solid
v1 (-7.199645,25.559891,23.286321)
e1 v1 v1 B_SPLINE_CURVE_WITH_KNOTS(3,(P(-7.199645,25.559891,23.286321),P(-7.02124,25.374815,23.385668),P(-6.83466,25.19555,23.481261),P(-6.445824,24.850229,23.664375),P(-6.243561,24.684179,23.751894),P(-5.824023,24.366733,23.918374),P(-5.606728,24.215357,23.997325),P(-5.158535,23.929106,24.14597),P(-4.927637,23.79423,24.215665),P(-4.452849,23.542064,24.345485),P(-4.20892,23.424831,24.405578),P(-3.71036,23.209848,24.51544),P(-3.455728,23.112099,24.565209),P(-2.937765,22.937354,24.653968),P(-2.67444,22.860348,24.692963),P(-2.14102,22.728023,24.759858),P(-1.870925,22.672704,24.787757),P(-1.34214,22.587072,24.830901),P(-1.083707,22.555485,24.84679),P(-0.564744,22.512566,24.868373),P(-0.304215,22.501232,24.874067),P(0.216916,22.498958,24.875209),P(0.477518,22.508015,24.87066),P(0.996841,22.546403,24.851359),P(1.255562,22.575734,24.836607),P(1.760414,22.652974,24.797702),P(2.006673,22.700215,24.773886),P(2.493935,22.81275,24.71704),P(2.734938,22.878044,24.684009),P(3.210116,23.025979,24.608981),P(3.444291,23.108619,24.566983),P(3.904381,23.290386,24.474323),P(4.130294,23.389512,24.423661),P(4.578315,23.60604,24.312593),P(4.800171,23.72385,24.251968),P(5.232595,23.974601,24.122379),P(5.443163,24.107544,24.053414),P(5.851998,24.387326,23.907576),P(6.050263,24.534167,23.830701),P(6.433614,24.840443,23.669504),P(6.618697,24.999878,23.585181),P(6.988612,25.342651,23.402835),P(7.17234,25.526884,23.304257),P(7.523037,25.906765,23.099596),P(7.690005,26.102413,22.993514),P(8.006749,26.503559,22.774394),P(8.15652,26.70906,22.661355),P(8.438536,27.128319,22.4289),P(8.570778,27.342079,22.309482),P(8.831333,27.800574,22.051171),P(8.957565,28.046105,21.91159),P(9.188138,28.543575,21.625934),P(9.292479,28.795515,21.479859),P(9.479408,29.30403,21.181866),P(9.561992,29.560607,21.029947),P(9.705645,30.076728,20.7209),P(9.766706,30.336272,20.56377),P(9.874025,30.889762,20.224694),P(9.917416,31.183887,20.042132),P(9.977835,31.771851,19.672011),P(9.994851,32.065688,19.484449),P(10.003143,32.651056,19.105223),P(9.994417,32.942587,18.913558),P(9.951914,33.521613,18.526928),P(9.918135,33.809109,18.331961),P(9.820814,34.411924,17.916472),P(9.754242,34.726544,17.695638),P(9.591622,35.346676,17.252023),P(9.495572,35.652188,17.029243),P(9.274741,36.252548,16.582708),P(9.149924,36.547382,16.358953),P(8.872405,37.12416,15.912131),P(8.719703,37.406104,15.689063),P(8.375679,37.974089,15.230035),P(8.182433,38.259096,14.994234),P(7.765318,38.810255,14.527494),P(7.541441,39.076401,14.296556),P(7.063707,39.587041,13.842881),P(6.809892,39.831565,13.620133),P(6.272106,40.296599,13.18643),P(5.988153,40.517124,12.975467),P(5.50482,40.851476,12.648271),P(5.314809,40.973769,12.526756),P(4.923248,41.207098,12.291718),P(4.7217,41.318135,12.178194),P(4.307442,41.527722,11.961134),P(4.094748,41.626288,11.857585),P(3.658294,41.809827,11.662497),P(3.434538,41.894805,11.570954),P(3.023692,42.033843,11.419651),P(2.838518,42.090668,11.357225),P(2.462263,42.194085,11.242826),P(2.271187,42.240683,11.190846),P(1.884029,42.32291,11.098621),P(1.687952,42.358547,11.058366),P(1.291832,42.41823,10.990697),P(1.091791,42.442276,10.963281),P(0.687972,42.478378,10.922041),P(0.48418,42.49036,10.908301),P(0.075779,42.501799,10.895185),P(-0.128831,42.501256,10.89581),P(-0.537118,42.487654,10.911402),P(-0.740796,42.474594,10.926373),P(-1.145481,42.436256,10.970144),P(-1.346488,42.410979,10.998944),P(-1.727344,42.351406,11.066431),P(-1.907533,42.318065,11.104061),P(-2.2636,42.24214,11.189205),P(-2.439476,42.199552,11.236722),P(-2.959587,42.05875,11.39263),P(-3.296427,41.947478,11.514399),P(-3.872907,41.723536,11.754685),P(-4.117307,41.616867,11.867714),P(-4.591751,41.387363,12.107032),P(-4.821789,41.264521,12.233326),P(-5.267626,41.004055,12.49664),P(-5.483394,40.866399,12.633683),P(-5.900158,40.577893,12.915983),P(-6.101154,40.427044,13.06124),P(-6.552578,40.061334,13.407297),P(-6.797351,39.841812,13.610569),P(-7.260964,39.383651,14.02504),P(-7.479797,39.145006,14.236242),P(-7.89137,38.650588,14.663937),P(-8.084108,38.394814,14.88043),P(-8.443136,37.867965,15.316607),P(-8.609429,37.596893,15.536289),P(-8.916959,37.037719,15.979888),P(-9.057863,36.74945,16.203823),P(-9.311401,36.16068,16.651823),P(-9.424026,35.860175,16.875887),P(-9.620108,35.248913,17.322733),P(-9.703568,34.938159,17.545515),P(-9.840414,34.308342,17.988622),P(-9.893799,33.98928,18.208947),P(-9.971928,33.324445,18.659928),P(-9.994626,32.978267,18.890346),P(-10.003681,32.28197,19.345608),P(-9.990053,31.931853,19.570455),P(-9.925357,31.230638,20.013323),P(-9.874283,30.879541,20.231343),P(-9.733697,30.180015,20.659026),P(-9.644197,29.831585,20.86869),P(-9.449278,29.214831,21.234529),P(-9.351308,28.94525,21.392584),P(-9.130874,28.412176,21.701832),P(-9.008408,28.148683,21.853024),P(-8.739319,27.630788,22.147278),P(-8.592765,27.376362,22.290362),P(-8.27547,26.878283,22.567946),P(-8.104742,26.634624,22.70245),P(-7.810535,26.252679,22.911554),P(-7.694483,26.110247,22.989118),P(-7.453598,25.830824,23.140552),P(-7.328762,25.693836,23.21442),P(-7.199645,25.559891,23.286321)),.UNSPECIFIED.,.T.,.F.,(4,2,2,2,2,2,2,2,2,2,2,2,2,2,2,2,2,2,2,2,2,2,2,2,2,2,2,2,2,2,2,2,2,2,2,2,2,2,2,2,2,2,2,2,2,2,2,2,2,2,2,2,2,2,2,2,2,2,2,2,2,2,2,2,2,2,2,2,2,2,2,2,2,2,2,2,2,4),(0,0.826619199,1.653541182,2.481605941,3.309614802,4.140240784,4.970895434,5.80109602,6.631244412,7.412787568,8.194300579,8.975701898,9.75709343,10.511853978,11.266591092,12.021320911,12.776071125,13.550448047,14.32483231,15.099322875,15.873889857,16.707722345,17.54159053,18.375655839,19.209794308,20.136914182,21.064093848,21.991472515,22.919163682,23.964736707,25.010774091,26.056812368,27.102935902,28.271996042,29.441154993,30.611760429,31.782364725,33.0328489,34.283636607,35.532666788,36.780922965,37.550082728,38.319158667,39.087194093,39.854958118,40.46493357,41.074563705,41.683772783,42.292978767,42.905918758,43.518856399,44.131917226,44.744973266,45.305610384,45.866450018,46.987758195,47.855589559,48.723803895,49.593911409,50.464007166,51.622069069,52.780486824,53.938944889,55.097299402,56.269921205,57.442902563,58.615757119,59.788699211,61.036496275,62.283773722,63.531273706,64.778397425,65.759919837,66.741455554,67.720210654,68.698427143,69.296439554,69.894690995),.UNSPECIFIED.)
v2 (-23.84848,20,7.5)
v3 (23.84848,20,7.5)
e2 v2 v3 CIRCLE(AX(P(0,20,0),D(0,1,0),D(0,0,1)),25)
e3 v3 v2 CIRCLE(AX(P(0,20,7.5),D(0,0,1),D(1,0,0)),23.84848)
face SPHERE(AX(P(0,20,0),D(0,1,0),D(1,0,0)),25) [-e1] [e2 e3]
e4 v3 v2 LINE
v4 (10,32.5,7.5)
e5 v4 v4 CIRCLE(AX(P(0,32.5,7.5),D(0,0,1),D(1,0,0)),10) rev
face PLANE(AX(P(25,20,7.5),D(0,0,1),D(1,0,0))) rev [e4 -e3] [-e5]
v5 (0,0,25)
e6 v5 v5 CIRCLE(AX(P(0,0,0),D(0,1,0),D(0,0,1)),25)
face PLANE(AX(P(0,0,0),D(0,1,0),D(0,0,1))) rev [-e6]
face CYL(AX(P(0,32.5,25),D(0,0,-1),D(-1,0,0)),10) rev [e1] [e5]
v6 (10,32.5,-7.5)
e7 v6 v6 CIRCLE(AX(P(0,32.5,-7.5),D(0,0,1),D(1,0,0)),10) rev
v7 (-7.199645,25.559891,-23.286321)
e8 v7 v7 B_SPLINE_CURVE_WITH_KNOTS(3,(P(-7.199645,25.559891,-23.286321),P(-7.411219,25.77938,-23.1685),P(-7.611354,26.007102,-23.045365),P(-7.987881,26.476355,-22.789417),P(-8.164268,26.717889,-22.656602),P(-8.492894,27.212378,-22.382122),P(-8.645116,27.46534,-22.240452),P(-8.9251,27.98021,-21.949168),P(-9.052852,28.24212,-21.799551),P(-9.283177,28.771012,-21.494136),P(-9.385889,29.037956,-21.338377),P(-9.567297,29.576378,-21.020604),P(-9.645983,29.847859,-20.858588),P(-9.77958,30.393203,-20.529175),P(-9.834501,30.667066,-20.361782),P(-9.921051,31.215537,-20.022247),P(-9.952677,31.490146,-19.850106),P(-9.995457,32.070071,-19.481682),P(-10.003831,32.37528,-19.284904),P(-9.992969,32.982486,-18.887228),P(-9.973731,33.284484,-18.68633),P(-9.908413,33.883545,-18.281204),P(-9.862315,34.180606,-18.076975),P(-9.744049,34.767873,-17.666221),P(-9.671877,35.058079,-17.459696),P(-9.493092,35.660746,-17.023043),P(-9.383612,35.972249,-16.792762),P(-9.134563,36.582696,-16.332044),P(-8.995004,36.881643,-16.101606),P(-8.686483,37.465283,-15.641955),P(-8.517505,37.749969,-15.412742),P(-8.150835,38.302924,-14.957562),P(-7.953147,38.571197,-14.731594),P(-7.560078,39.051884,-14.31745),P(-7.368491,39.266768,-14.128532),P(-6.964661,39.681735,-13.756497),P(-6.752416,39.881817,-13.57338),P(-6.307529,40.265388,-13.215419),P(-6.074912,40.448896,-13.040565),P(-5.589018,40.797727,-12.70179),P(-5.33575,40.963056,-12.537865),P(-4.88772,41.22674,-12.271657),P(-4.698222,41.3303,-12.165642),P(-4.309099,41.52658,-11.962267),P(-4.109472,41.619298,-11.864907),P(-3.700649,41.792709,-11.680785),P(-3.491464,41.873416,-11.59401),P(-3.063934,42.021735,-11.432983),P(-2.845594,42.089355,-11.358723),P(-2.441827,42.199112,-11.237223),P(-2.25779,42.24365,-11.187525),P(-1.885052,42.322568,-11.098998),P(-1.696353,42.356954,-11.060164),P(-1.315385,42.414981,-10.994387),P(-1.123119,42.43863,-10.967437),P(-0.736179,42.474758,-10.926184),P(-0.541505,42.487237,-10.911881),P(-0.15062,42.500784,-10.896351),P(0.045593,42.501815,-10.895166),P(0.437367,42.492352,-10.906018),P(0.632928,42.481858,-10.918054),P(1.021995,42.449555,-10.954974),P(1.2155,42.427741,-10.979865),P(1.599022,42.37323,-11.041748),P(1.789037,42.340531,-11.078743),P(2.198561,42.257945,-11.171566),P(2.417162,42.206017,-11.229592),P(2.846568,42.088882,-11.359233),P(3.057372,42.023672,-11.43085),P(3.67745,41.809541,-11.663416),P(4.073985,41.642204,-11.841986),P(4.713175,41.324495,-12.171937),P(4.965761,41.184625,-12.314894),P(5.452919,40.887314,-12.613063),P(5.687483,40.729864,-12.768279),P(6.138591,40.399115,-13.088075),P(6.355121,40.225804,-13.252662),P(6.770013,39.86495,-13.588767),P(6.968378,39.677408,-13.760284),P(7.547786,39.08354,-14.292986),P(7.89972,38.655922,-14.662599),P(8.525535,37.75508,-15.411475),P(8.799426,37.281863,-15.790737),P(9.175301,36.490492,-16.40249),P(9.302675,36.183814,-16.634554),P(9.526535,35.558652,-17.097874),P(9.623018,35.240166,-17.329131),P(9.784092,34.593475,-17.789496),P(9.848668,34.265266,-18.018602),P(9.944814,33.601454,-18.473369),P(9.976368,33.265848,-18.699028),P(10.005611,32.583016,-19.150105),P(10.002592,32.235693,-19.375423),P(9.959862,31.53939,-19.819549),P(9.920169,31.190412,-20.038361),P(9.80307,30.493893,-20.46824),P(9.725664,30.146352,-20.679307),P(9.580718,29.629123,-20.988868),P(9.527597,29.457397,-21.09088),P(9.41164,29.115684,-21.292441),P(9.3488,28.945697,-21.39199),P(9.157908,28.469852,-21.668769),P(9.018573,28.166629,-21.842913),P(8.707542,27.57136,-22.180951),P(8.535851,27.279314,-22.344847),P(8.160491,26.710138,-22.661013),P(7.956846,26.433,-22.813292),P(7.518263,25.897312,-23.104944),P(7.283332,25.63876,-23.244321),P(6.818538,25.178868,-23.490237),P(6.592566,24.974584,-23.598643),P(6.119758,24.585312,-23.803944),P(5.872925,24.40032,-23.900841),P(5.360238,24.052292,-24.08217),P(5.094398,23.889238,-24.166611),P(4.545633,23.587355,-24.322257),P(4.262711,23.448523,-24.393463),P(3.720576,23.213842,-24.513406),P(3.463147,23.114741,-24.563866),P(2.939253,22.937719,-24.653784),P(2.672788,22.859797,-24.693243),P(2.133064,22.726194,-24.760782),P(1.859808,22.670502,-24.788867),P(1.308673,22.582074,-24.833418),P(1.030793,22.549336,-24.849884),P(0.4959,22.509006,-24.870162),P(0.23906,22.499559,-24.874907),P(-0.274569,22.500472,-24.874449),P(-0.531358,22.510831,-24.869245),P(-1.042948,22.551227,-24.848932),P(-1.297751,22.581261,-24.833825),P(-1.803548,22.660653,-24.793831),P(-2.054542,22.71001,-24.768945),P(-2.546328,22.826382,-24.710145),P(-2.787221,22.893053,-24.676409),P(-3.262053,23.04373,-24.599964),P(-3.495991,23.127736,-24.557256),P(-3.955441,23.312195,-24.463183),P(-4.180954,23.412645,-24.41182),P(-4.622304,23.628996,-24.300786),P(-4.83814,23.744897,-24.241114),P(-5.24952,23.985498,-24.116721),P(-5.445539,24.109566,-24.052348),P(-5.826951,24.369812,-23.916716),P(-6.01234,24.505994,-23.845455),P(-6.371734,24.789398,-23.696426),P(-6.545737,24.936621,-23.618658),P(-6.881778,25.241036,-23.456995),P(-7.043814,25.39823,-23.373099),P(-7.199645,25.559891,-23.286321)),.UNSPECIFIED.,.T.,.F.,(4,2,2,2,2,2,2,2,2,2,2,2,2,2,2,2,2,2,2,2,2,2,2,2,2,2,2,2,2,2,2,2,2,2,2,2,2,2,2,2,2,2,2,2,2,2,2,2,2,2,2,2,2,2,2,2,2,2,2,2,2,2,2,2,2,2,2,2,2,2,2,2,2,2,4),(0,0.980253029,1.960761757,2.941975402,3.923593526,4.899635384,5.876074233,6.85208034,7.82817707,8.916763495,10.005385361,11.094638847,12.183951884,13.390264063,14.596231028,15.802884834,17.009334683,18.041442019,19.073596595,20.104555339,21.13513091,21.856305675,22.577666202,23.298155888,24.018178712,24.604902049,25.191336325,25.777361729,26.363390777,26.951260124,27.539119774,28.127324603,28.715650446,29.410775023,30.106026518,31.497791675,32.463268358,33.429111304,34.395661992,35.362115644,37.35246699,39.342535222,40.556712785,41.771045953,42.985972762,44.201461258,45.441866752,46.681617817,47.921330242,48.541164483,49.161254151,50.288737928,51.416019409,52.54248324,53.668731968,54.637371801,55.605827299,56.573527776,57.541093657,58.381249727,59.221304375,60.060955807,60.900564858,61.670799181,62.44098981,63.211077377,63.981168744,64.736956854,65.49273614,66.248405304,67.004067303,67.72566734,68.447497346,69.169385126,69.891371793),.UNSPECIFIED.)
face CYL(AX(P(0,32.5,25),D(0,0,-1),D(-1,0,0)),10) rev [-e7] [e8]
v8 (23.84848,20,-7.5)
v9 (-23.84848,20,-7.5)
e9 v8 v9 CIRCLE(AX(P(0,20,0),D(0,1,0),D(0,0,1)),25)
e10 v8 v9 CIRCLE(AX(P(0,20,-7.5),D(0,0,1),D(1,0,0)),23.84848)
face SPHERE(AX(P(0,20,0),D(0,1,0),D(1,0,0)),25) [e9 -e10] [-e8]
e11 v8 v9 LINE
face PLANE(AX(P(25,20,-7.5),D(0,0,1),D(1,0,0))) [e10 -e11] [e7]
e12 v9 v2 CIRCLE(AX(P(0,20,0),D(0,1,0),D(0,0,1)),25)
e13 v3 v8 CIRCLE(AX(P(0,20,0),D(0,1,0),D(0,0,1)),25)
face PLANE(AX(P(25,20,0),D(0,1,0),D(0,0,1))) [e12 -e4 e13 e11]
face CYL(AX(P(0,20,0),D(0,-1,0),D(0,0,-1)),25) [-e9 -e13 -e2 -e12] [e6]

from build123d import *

# Parameters (mm, degrees)
SKETCH1_R               = 25
BOSS_EXTRUDE1_DEPTH     = 20
SKETCH5_W               = 7.5
SKETCH5_H               = 25.626943466
CUT_EXTRUDE1_DEPTH      = 25
CUT_EXTRUDE2_DEPTH      = 25
CUT_EXTRUDE2_DEPTH_BACK = 25
SKETCH6_R               = 10


with BuildPart() as part:
    # Sketch1 → Boss-Extrude1 (new body)
    with BuildSketch(Plane(origin=(0, 0, 0), x_dir=(1, 0, 0), z_dir=(0, 1, 0))):
        Circle(SKETCH1_R)
    extrude(amount=BOSS_EXTRUDE1_DEPTH)

    # Sketch4 → Revolve1 (revolve)
    with BuildSketch(Plane.XY):
        with BuildLine():
            Line((0, 45), (0, 20))
            Line((0, 20), (25, 20))
            ThreePointArc((25, 20), (17.67766953, 37.67766953), (0, 45))
        make_face()
    revolve(axis=Axis((0, 45, 0), (0, -1, 0)))

    # Sketch5 → Cut-Extrude1 (cut, symmetric)
    with BuildSketch(Plane(origin=(0, 0, 0), x_dir=(0, 0, -1), z_dir=(1, 0, 0))):
        with Locations((3.75, 32.813471733)):
            Rectangle(SKETCH5_W, SKETCH5_H)
    cut_extrude1 = extrude(amount=CUT_EXTRUDE1_DEPTH, both=True, mode=Mode.SUBTRACT)

    # Mirror1: Cut-Extrude1 across plane
    add(cut_extrude1.mirror(Plane.XY), mode=Mode.SUBTRACT)

    # Sketch6 → Cut-Extrude2 (cut, two sides: drawn at the far end of the back side and taken through both)
    with BuildSketch(Plane.XY.offset(-CUT_EXTRUDE2_DEPTH_BACK)):
        with Locations((0, 32.5)):
            Circle(SKETCH6_R)
    extrude(amount=CUT_EXTRUDE2_DEPTH + CUT_EXTRUDE2_DEPTH_BACK, mode=Mode.SUBTRACT)


solid = part.part
